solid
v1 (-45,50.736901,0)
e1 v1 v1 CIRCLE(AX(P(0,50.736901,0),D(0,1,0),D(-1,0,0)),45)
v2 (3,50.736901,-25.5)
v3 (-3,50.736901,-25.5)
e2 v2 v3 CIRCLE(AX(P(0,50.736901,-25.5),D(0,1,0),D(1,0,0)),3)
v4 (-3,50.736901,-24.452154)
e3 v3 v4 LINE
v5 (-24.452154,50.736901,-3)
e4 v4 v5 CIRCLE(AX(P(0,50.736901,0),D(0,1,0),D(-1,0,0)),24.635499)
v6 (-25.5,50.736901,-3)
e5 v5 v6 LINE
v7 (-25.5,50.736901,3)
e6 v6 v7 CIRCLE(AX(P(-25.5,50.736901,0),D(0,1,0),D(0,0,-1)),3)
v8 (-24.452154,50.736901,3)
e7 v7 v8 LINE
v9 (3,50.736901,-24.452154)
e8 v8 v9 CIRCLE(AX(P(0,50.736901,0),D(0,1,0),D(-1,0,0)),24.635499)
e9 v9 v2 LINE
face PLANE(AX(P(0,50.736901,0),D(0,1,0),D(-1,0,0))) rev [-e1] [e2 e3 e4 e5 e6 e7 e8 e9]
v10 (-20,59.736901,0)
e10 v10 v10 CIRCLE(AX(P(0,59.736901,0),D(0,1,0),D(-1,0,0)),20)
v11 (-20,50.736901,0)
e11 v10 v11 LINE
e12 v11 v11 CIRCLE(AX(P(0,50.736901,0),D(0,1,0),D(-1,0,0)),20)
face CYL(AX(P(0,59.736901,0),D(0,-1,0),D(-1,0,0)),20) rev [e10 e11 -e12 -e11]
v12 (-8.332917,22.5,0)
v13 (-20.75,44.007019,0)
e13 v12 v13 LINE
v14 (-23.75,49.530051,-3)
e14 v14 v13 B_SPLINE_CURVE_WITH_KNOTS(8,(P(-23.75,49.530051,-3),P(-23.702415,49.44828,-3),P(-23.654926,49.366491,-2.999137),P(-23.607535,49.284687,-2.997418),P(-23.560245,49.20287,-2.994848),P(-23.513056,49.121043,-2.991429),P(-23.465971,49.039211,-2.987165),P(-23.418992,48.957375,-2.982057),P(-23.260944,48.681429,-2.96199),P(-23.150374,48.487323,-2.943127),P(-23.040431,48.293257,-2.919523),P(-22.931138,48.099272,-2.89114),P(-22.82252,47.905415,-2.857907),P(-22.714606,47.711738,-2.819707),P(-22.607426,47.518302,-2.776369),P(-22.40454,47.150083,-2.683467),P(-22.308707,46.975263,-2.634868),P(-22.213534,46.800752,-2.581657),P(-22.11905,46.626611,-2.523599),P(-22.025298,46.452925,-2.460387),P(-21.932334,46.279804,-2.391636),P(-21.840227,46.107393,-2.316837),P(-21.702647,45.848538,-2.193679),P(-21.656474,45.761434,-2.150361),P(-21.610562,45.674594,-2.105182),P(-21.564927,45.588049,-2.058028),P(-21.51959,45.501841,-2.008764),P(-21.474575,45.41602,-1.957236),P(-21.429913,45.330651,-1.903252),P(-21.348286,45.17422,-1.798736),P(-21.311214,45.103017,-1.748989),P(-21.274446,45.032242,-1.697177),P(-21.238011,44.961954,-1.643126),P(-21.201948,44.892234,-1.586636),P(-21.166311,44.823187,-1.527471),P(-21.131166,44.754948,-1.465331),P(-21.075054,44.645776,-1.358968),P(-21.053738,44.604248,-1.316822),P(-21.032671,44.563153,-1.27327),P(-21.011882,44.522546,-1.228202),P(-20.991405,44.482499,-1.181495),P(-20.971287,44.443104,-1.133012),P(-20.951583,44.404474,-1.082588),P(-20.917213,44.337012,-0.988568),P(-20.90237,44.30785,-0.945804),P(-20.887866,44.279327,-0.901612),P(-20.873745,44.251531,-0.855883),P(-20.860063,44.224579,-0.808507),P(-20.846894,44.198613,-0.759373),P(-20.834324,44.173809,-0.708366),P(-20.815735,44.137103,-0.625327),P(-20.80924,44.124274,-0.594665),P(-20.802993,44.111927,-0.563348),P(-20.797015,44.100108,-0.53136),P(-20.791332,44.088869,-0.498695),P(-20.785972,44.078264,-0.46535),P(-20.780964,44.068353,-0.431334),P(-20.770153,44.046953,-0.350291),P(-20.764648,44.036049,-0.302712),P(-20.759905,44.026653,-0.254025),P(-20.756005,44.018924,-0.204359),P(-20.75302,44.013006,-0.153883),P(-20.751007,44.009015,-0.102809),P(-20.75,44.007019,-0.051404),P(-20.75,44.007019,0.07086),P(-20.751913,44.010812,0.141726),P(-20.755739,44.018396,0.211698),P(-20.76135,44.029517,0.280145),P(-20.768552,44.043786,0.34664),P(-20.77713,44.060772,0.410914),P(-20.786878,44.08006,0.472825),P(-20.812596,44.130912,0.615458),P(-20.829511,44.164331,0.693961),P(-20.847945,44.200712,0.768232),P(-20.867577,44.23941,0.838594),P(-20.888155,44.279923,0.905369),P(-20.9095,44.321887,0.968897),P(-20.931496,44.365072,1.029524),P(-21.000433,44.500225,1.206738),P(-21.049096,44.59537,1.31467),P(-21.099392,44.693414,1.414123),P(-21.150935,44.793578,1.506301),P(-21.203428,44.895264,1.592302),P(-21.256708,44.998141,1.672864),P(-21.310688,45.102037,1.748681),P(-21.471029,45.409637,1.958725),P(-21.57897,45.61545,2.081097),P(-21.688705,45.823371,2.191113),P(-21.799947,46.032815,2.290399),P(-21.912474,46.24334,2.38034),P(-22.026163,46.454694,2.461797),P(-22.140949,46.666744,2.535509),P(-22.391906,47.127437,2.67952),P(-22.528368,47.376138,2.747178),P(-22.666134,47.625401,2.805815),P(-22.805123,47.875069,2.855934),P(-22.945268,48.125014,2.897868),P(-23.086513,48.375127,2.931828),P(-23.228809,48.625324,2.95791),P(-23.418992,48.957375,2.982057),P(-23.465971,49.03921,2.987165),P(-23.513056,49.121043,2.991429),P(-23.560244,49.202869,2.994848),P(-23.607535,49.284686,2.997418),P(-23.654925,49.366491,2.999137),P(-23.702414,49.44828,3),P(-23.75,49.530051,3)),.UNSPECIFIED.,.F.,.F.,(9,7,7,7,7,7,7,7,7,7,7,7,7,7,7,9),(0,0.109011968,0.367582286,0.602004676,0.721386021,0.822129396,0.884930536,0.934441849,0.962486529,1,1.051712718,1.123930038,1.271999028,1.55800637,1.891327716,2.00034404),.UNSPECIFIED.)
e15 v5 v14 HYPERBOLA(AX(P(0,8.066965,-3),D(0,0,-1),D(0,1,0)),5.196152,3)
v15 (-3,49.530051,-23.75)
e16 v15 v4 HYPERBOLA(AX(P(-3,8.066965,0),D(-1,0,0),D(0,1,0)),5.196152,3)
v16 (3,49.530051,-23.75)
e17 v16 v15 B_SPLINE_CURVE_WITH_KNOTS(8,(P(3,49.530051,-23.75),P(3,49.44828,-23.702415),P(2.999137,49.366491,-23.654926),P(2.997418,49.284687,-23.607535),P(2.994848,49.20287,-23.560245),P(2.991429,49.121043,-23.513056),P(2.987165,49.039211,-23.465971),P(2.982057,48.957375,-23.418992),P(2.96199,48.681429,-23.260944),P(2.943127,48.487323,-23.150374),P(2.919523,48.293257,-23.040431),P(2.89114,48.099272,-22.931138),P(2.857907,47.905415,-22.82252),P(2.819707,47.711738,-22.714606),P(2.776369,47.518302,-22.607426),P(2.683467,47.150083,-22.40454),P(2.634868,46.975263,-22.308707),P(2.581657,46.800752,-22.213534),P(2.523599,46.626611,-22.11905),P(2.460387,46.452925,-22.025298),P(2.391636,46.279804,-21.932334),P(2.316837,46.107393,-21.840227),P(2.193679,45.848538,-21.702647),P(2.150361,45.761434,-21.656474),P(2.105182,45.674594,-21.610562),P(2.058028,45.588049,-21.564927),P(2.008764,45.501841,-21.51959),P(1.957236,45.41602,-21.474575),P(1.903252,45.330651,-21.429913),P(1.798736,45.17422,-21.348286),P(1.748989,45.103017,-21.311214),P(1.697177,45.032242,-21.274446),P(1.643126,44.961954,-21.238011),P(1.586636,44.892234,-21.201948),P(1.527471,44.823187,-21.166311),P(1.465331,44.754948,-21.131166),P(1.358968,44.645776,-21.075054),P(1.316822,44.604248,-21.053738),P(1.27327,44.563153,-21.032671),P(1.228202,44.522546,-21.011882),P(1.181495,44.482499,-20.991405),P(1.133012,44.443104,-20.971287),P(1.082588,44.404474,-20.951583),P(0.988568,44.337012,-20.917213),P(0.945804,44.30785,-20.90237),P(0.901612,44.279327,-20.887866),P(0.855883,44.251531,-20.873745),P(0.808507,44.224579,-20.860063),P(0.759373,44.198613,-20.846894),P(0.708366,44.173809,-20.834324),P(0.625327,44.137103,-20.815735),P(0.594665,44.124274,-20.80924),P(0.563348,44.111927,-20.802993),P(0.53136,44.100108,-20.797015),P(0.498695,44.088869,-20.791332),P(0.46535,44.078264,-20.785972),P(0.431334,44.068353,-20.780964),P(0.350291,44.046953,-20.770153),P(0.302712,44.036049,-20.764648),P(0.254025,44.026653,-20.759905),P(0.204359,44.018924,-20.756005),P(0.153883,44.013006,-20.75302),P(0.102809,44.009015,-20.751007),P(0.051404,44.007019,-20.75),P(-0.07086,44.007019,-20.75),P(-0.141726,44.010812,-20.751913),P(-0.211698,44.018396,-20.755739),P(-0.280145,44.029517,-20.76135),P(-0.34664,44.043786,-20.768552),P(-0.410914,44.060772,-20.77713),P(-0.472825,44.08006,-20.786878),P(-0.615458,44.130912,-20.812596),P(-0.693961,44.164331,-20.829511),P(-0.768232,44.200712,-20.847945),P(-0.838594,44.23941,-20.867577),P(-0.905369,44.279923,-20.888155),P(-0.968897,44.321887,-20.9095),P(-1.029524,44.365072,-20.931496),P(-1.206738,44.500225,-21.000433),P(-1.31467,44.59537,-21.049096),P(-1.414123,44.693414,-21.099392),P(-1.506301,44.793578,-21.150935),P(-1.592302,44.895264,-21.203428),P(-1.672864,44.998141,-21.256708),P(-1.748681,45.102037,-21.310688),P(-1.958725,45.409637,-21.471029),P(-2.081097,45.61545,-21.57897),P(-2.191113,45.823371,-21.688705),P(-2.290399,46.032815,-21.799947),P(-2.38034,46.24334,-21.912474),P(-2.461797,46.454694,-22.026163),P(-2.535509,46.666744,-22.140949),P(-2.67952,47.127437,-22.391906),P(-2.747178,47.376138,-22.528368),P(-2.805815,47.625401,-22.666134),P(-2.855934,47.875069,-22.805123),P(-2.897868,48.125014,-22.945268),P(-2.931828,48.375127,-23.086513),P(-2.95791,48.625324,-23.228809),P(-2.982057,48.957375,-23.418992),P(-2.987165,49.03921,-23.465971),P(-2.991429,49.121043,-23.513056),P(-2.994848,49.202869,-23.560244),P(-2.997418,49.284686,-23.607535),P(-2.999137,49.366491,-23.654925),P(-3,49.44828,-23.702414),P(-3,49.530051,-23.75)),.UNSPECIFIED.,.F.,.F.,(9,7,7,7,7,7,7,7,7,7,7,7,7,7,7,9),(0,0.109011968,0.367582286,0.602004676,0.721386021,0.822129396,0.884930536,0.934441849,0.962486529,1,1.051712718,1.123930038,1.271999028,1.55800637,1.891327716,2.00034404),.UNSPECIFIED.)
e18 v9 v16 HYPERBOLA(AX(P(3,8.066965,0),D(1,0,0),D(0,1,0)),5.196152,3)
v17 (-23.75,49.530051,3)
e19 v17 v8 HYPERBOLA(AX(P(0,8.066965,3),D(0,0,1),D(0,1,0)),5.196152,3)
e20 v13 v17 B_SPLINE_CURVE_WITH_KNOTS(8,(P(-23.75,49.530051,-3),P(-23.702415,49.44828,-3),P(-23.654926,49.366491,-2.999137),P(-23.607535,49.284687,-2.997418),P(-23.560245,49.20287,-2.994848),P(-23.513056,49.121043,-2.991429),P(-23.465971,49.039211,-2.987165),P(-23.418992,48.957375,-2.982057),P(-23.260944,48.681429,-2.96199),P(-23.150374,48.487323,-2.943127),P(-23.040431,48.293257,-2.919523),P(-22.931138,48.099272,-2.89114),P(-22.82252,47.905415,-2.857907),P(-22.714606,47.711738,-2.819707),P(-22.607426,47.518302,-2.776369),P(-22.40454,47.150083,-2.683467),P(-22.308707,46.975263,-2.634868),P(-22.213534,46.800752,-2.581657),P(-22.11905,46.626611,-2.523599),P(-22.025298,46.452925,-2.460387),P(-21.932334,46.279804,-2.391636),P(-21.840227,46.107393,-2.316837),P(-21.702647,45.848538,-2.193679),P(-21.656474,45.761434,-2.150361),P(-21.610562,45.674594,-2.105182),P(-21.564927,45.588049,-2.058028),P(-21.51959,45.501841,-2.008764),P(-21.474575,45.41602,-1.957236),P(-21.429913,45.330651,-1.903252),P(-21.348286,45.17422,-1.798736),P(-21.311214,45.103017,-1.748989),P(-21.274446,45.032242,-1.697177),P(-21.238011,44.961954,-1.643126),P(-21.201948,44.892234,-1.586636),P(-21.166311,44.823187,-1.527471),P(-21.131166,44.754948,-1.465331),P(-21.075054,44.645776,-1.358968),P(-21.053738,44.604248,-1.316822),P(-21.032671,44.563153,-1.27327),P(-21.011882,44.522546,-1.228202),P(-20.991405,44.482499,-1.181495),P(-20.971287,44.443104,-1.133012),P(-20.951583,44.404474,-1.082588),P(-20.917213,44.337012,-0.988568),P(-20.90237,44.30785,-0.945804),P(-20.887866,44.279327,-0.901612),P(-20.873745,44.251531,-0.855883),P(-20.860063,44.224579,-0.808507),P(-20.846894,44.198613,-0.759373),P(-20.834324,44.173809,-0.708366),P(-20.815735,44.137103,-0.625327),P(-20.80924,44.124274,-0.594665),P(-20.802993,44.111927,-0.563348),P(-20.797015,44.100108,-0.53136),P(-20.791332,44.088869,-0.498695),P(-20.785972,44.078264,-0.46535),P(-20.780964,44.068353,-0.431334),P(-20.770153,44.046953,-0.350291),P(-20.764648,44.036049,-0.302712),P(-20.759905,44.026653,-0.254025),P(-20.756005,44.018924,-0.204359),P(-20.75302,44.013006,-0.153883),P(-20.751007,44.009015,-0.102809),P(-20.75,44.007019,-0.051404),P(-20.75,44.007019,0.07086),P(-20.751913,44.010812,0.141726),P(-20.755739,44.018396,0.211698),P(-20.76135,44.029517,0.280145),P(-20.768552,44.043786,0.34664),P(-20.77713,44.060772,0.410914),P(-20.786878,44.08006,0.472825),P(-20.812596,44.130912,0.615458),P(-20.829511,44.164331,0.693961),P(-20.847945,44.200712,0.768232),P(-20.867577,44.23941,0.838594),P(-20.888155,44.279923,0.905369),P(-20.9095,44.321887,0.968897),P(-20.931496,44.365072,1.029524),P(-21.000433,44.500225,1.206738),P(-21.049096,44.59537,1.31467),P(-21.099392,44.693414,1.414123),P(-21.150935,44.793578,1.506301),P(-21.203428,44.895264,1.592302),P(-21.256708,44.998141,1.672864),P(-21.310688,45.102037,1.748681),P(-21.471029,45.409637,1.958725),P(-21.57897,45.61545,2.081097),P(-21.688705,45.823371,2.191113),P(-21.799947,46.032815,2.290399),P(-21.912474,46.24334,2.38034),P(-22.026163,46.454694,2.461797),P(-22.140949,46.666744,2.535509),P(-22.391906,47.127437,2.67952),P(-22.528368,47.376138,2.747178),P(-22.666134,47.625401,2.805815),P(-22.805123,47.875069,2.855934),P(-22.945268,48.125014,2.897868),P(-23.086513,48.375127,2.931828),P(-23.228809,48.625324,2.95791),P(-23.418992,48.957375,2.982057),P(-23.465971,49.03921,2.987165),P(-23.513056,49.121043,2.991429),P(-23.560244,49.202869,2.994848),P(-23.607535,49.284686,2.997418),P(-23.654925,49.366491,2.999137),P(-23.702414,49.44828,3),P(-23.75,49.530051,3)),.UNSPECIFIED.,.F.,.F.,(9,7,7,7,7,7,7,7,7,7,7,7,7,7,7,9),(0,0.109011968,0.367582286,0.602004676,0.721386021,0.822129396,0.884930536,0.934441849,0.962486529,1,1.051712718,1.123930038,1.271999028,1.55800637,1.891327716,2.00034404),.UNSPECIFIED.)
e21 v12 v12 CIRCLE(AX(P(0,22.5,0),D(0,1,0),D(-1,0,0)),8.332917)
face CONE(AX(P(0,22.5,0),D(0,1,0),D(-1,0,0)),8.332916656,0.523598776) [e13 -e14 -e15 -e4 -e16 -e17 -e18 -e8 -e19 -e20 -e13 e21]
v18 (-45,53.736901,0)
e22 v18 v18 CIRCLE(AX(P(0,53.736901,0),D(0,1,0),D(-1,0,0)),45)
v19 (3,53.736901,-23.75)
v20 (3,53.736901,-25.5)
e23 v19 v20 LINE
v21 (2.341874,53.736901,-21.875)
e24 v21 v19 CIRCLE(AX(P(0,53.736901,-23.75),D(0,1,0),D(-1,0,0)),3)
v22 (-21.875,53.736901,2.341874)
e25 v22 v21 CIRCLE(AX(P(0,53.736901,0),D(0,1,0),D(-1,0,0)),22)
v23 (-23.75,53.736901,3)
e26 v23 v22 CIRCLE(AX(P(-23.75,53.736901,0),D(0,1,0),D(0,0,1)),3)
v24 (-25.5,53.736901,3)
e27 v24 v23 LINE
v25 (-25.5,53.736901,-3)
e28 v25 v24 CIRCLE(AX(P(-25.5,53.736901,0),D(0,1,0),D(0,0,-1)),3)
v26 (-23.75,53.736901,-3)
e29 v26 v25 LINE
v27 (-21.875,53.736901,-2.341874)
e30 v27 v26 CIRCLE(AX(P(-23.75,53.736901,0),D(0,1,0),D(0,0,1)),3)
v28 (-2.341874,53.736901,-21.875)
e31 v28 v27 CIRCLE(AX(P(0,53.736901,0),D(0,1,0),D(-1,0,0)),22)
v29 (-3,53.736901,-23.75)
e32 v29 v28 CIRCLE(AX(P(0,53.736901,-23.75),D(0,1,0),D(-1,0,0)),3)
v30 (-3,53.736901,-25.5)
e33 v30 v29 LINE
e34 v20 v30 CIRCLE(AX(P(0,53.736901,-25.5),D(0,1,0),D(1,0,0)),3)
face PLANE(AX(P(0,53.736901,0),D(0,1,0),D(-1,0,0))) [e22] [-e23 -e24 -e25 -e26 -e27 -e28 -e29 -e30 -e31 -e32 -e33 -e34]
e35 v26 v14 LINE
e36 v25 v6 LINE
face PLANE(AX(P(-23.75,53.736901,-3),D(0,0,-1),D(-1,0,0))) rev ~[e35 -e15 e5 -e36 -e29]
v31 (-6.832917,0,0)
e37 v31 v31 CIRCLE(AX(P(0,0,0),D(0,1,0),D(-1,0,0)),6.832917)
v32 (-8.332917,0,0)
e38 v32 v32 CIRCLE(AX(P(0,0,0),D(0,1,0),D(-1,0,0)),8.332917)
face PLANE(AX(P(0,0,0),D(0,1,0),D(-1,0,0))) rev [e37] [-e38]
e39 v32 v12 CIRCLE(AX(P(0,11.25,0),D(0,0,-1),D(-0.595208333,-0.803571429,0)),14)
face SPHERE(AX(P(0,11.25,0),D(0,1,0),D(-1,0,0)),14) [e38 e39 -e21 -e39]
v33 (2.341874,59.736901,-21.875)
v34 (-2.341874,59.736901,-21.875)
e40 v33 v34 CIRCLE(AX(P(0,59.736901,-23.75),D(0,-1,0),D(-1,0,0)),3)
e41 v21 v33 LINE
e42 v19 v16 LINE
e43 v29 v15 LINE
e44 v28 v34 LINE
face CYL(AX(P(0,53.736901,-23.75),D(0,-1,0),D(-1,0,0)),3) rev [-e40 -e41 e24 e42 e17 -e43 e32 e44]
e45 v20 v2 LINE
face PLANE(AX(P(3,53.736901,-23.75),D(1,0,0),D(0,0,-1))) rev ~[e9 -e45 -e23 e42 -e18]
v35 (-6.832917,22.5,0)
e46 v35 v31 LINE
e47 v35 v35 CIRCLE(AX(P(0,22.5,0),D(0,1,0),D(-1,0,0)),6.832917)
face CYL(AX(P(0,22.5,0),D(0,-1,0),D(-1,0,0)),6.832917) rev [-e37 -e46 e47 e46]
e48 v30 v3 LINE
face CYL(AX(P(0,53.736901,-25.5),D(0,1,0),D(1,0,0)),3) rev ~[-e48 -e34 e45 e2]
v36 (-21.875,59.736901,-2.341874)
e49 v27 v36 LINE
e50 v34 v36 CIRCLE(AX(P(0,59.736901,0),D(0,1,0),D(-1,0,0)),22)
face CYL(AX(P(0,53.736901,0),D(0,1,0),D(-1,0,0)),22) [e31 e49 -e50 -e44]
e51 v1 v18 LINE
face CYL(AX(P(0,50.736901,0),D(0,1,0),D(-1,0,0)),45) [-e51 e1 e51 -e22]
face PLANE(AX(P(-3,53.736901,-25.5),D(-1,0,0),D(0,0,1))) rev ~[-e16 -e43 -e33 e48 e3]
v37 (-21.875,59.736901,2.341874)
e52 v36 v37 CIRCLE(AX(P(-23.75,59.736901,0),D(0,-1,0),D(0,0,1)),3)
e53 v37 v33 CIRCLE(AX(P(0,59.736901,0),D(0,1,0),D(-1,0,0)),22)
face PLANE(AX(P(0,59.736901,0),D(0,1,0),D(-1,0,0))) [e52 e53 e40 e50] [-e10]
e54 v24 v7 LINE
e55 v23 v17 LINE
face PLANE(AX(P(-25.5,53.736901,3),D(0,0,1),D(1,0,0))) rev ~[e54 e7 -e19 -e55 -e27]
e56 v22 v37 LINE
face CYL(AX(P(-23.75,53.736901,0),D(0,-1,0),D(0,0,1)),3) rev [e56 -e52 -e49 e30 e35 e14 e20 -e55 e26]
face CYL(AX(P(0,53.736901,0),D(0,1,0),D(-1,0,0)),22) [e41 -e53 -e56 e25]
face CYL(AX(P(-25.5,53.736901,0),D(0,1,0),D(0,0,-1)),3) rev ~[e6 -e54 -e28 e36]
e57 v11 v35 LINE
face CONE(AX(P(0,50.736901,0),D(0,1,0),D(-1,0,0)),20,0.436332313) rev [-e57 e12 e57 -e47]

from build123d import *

# Parameters (mm, degrees)
CUT_EXTRUDE1_REACH             = 85.293
CUT_EXTRUDE1_DIRECTION_2_DEPTH = 10
CIRPATTERN1_COUNT              = 2
CIRPATTERN1_ANGLE              = 90


with BuildPart() as part:
    # Sketch1 → Revolve1 (revolve)
    with BuildSketch(Plane.XY):
        with BuildLine():
            Line((-6.832916656, 22.5), (-6.832916656, 0))
            Line((-6.832916656, 0), (-8.332916656, 0))
            ThreePointArc((-8.332916656, 0), (-14, 11.25), (-8.332916656, 22.5))
            Line((-8.332916656, 22.5), (-24.635499254, 50.736901354))
            Line((-24.635499254, 50.736901354), (-45, 50.736901354))
            Line((-45, 50.736901354), (-45, 53.736901354))
            Line((-45, 53.736901354), (-22, 53.736901354))
            Line((-22, 53.736901354), (-22, 59.736901354))
            Line((-22, 59.736901354), (-20, 59.736901354))
            Line((-20, 59.736901354), (-20, 50.736901354))
            Line((-20, 50.736901354), (-6.832916656, 22.5))
        make_face()
    revolve(axis=Axis((0, -17.773369394, 0), (0, 1, 0)))

    # Sketch2 → Cut-Extrude1 (cut, up to next)
    with BuildSketch(Plane(origin=(0, 53.736901354, 0), x_dir=(1, 0, 0), z_dir=(0, 1, 0)), mode=Mode.PRIVATE) as cut_extrude1_sk1:
        with BuildLine():
            Line((-23.75, 3), (-25.5, 3))
            ThreePointArc((-25.5, 3), (-28.5, 0), (-25.5, -3))
            Line((-25.5, -3), (-23.75, -3))
            ThreePointArc((-23.75, -3), (-20.75, 0), (-23.75, 3))
        make_face()
    cut_extrude1_tool1 = extrude(cut_extrude1_sk1.sketch, amount=-CUT_EXTRUDE1_REACH, mode=Mode.PRIVATE) & part.part
    cut_extrude1 = cut_extrude1_tool1.solids().sort_by_distance((-24.625, 53.736901, 0))[0]
    add(cut_extrude1, mode=Mode.SUBTRACT)

    # Sketch2 → Cut-Extrude1 direction 2 (cut)
    with BuildSketch(Plane(origin=(0, 53.736901354, 0), x_dir=(1, 0, 0), z_dir=(0, 1, 0))):
        with BuildLine():
            Line((-23.75, 3), (-25.5, 3))
            ThreePointArc((-25.5, 3), (-28.5, 0), (-25.5, -3))
            Line((-25.5, -3), (-23.75, -3))
            ThreePointArc((-23.75, -3), (-20.75, 0), (-23.75, 3))
        make_face()
    cut_extrude1_direction_2 = extrude(amount=CUT_EXTRUDE1_DIRECTION_2_DEPTH, mode=Mode.SUBTRACT)

    # CirPattern1: Cut-Extrude1, Cut-Extrude1 direction 2 ×2 about axis
    cirpattern1_axis = Axis((0, 22.5, 0), (0, -1, 0))
    add([cut_extrude1.rotate(cirpattern1_axis, i * CIRPATTERN1_ANGLE / (CIRPATTERN1_COUNT - 1)) for i in range(1, CIRPATTERN1_COUNT)], mode=Mode.SUBTRACT)
    add([cut_extrude1_direction_2.rotate(cirpattern1_axis, i * CIRPATTERN1_ANGLE / (CIRPATTERN1_COUNT - 1)) for i in range(1, CIRPATTERN1_COUNT)], mode=Mode.SUBTRACT)


solid = part.part
